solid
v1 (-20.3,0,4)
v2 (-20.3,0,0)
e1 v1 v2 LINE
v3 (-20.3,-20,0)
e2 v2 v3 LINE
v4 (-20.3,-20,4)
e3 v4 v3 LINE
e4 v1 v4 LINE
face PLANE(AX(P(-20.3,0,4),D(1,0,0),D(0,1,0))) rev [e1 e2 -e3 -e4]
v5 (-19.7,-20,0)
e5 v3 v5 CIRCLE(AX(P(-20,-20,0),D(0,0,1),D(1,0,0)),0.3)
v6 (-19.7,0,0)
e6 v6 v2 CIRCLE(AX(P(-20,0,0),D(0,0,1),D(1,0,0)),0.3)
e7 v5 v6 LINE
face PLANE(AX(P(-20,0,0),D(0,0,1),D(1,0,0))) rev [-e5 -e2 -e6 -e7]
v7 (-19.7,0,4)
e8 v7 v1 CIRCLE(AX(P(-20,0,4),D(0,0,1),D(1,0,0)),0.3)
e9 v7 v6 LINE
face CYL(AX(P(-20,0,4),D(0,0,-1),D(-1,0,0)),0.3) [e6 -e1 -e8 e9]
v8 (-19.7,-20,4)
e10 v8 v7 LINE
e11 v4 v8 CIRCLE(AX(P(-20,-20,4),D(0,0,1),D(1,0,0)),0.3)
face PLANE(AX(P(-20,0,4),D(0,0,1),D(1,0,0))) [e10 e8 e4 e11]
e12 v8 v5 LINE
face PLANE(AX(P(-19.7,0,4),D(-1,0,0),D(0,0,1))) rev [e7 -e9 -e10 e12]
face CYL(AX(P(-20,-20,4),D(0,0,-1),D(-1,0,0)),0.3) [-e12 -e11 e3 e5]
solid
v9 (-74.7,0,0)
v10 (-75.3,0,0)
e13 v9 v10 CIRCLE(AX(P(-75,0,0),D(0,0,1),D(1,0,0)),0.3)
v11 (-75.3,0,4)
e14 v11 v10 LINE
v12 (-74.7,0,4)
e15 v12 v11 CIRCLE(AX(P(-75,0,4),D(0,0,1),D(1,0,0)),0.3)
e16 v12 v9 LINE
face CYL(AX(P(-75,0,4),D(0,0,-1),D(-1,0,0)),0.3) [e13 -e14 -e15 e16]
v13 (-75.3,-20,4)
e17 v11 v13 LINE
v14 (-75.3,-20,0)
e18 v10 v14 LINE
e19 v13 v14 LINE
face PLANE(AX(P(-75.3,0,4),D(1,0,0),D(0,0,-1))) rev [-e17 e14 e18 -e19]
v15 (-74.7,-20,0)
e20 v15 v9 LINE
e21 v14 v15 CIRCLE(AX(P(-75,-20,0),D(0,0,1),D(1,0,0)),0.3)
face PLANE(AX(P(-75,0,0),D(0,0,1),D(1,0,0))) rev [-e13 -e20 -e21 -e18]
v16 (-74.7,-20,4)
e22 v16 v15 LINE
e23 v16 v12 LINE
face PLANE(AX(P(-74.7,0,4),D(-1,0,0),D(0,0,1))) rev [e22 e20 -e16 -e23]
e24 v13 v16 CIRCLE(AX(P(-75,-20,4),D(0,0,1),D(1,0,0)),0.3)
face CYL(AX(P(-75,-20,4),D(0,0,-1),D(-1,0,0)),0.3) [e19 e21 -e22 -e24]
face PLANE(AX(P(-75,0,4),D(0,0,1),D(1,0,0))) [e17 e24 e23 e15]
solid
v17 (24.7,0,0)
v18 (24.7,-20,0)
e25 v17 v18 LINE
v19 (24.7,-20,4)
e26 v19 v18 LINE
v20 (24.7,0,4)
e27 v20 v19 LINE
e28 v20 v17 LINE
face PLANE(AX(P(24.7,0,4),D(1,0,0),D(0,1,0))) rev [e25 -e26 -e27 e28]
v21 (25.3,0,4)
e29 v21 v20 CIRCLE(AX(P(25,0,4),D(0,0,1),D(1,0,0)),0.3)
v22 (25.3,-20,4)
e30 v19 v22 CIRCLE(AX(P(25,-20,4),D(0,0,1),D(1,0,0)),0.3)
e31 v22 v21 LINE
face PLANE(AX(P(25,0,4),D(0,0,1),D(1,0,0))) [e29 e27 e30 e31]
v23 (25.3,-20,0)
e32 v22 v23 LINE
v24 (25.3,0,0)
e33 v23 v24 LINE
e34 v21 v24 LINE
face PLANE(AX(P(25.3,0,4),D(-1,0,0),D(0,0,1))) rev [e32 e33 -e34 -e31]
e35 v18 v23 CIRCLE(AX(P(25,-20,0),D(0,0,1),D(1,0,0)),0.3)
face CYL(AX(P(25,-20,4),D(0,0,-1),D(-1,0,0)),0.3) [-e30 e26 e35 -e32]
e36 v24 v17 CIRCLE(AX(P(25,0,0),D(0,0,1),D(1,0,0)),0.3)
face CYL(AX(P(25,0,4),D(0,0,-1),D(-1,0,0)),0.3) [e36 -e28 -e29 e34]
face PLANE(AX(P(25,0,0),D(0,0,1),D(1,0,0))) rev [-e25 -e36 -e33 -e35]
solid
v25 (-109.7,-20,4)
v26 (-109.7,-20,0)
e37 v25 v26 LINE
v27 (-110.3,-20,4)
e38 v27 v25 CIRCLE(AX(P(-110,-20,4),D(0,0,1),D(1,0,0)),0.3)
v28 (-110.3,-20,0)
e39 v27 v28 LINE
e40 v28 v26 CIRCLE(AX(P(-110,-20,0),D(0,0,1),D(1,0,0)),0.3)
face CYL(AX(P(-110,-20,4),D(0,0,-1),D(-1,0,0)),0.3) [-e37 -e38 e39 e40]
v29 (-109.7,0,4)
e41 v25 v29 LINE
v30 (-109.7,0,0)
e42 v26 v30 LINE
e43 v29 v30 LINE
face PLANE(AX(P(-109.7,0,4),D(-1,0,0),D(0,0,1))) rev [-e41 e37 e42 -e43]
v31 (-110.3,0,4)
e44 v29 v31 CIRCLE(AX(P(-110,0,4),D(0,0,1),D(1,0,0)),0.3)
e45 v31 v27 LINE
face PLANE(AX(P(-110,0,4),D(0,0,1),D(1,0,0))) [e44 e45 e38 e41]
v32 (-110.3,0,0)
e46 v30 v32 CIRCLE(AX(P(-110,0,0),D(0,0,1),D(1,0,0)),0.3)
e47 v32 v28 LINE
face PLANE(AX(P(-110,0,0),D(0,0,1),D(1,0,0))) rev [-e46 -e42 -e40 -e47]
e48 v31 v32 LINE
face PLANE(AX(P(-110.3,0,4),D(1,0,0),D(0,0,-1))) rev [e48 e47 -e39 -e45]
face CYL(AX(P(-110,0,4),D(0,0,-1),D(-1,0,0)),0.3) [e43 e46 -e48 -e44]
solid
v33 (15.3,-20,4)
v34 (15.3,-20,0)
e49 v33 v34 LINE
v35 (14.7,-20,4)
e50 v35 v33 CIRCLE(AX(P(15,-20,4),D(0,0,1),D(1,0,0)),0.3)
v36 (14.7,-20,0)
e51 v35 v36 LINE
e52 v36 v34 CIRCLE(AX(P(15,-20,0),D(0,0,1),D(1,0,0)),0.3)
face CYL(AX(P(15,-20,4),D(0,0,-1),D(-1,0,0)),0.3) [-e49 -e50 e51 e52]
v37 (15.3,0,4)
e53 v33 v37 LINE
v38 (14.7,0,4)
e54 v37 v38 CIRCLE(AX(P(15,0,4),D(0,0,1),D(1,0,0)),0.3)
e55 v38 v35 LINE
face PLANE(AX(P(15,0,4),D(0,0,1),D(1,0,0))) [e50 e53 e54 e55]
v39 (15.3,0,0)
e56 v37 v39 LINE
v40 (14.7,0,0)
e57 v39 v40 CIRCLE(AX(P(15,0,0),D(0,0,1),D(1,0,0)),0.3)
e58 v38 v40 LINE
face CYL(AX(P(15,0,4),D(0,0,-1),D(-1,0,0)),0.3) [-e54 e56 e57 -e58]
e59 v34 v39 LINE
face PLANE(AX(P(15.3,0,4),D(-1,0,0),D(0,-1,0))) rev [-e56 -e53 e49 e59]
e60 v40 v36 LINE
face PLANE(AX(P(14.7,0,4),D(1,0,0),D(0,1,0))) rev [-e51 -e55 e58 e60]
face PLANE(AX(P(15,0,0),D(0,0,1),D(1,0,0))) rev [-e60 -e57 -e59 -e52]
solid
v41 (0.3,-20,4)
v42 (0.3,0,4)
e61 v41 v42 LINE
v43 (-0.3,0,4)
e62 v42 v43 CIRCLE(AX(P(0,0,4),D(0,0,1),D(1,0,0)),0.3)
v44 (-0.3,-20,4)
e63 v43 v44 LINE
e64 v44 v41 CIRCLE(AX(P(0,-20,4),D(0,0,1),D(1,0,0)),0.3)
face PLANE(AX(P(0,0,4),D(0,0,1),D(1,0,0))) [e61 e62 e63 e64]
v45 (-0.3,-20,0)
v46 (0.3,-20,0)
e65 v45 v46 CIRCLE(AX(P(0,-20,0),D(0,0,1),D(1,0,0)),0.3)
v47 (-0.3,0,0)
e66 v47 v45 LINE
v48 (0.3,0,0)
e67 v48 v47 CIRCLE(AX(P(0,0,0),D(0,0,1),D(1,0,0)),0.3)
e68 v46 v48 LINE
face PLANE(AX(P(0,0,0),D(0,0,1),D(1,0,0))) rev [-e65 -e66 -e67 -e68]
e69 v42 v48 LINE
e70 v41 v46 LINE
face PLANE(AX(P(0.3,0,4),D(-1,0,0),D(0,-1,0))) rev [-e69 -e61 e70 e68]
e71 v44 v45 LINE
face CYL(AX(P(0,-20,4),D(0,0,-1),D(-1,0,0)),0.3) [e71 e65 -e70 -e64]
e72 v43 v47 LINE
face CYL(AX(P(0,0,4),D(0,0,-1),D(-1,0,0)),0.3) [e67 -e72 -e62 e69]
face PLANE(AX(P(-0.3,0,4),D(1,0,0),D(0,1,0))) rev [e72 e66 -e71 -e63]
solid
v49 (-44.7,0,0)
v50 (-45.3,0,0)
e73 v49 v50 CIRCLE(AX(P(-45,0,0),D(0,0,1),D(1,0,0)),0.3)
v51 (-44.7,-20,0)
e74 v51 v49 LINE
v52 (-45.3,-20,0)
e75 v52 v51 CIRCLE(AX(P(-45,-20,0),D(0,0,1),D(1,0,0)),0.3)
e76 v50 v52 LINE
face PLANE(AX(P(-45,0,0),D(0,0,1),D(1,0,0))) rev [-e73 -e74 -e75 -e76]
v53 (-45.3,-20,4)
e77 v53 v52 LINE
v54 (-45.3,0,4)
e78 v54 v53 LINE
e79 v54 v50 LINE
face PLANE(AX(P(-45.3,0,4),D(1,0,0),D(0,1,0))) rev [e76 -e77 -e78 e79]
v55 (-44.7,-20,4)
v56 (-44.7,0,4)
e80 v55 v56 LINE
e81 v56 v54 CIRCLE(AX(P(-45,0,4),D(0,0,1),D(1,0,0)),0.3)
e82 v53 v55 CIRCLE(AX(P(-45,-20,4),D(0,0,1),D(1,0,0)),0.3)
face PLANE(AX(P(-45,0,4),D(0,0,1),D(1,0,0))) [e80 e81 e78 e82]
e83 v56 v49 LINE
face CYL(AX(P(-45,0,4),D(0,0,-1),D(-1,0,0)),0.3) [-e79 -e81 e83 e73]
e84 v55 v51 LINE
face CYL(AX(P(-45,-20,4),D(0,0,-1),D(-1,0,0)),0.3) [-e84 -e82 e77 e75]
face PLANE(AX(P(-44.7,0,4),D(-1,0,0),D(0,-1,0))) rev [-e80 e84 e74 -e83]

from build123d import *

# Parameters (mm, degrees)
BOSS_EXTRUDE1_DEPTH   = 4
BOSS_EXTRUDE1_2_DEPTH = 4
BOSS_EXTRUDE1_3_DEPTH = 4
BOSS_EXTRUDE1_4_DEPTH = 4
BOSS_EXTRUDE1_5_DEPTH = 4
BOSS_EXTRUDE1_6_DEPTH = 4
BOSS_EXTRUDE1_7_DEPTH = 4


with BuildPart() as part:
    # Sketch1 → Boss-Extrude1 (new body)
    with BuildSketch(Plane.XY):
        with BuildLine():
            Line((0.3, 0), (0.3, -20))
            ThreePointArc((0.3, -20), (0, -20.3), (-0.3, -20))
            Line((-0.3, -20), (-0.3, 0))
            ThreePointArc((-0.3, 0), (0, 0.3), (0.3, 0))
        make_face()
    extrude(amount=BOSS_EXTRUDE1_DEPTH)


with BuildPart() as body_2:
    # Sketch1 → Boss-Extrude1 2 (new body)
    with BuildSketch(Plane.XY):
        with BuildLine():
            Line((25.3, 0), (25.3, -20))
            ThreePointArc((25.3, -20), (25, -20.3), (24.7, -20))
            Line((24.7, -20), (24.7, 0))
            ThreePointArc((24.7, 0), (25, 0.3), (25.3, 0))
        make_face()
    extrude(amount=BOSS_EXTRUDE1_2_DEPTH)


with BuildPart() as body_3:
    # Sketch1 → Boss-Extrude1 3 (new body)
    with BuildSketch(Plane.XY):
        with BuildLine():
            Line((15.3, 0), (15.3, -20))
            ThreePointArc((15.3, -20), (15, -20.3), (14.7, -20))
            Line((14.7, -20), (14.7, 0))
            ThreePointArc((14.7, 0), (15, 0.3), (15.3, 0))
        make_face()
    extrude(amount=BOSS_EXTRUDE1_3_DEPTH)


with BuildPart() as body_4:
    # Sketch1 → Boss-Extrude1 4 (new body)
    with BuildSketch(Plane.XY):
        with BuildLine():
            Line((-19.7, 0), (-19.7, -20))
            ThreePointArc((-19.7, -20), (-20, -20.3), (-20.3, -20))
            Line((-20.3, -20), (-20.3, 0))
            ThreePointArc((-20.3, 0), (-20, 0.3), (-19.7, 0))
        make_face()
    extrude(amount=BOSS_EXTRUDE1_4_DEPTH)


with BuildPart() as body_5:
    # Sketch1 → Boss-Extrude1 5 (new body)
    with BuildSketch(Plane.XY):
        with BuildLine():
            Line((-44.7, 0), (-44.7, -20))
            ThreePointArc((-44.7, -20), (-45, -20.3), (-45.3, -20))
            Line((-45.3, -20), (-45.3, 0))
            ThreePointArc((-45.3, 0), (-45, 0.3), (-44.7, 0))
        make_face()
    extrude(amount=BOSS_EXTRUDE1_5_DEPTH)


with BuildPart() as body_6:
    # Sketch1 → Boss-Extrude1 6 (new body)
    with BuildSketch(Plane.XY):
        with BuildLine():
            Line((-74.7, 0), (-74.7, -20))
            ThreePointArc((-74.7, -20), (-75, -20.3), (-75.3, -20))
            Line((-75.3, -20), (-75.3, 0))
            ThreePointArc((-75.3, 0), (-75, 0.3), (-74.7, 0))
        make_face()
    extrude(amount=BOSS_EXTRUDE1_6_DEPTH)


with BuildPart() as body_7:
    # Sketch1 → Boss-Extrude1 7 (new body)
    with BuildSketch(Plane.XY):
        with BuildLine():
            Line((-109.7, 0), (-109.7, -20))
            ThreePointArc((-109.7, -20), (-110, -20.3), (-110.3, -20))
            Line((-110.3, -20), (-110.3, 0))
            ThreePointArc((-110.3, 0), (-110, 0.3), (-109.7, 0))
        make_face()
    extrude(amount=BOSS_EXTRUDE1_7_DEPTH)


solid = Compound([part.part, body_2.part, body_3.part, body_4.part, body_5.part, body_6.part, body_7.part])
